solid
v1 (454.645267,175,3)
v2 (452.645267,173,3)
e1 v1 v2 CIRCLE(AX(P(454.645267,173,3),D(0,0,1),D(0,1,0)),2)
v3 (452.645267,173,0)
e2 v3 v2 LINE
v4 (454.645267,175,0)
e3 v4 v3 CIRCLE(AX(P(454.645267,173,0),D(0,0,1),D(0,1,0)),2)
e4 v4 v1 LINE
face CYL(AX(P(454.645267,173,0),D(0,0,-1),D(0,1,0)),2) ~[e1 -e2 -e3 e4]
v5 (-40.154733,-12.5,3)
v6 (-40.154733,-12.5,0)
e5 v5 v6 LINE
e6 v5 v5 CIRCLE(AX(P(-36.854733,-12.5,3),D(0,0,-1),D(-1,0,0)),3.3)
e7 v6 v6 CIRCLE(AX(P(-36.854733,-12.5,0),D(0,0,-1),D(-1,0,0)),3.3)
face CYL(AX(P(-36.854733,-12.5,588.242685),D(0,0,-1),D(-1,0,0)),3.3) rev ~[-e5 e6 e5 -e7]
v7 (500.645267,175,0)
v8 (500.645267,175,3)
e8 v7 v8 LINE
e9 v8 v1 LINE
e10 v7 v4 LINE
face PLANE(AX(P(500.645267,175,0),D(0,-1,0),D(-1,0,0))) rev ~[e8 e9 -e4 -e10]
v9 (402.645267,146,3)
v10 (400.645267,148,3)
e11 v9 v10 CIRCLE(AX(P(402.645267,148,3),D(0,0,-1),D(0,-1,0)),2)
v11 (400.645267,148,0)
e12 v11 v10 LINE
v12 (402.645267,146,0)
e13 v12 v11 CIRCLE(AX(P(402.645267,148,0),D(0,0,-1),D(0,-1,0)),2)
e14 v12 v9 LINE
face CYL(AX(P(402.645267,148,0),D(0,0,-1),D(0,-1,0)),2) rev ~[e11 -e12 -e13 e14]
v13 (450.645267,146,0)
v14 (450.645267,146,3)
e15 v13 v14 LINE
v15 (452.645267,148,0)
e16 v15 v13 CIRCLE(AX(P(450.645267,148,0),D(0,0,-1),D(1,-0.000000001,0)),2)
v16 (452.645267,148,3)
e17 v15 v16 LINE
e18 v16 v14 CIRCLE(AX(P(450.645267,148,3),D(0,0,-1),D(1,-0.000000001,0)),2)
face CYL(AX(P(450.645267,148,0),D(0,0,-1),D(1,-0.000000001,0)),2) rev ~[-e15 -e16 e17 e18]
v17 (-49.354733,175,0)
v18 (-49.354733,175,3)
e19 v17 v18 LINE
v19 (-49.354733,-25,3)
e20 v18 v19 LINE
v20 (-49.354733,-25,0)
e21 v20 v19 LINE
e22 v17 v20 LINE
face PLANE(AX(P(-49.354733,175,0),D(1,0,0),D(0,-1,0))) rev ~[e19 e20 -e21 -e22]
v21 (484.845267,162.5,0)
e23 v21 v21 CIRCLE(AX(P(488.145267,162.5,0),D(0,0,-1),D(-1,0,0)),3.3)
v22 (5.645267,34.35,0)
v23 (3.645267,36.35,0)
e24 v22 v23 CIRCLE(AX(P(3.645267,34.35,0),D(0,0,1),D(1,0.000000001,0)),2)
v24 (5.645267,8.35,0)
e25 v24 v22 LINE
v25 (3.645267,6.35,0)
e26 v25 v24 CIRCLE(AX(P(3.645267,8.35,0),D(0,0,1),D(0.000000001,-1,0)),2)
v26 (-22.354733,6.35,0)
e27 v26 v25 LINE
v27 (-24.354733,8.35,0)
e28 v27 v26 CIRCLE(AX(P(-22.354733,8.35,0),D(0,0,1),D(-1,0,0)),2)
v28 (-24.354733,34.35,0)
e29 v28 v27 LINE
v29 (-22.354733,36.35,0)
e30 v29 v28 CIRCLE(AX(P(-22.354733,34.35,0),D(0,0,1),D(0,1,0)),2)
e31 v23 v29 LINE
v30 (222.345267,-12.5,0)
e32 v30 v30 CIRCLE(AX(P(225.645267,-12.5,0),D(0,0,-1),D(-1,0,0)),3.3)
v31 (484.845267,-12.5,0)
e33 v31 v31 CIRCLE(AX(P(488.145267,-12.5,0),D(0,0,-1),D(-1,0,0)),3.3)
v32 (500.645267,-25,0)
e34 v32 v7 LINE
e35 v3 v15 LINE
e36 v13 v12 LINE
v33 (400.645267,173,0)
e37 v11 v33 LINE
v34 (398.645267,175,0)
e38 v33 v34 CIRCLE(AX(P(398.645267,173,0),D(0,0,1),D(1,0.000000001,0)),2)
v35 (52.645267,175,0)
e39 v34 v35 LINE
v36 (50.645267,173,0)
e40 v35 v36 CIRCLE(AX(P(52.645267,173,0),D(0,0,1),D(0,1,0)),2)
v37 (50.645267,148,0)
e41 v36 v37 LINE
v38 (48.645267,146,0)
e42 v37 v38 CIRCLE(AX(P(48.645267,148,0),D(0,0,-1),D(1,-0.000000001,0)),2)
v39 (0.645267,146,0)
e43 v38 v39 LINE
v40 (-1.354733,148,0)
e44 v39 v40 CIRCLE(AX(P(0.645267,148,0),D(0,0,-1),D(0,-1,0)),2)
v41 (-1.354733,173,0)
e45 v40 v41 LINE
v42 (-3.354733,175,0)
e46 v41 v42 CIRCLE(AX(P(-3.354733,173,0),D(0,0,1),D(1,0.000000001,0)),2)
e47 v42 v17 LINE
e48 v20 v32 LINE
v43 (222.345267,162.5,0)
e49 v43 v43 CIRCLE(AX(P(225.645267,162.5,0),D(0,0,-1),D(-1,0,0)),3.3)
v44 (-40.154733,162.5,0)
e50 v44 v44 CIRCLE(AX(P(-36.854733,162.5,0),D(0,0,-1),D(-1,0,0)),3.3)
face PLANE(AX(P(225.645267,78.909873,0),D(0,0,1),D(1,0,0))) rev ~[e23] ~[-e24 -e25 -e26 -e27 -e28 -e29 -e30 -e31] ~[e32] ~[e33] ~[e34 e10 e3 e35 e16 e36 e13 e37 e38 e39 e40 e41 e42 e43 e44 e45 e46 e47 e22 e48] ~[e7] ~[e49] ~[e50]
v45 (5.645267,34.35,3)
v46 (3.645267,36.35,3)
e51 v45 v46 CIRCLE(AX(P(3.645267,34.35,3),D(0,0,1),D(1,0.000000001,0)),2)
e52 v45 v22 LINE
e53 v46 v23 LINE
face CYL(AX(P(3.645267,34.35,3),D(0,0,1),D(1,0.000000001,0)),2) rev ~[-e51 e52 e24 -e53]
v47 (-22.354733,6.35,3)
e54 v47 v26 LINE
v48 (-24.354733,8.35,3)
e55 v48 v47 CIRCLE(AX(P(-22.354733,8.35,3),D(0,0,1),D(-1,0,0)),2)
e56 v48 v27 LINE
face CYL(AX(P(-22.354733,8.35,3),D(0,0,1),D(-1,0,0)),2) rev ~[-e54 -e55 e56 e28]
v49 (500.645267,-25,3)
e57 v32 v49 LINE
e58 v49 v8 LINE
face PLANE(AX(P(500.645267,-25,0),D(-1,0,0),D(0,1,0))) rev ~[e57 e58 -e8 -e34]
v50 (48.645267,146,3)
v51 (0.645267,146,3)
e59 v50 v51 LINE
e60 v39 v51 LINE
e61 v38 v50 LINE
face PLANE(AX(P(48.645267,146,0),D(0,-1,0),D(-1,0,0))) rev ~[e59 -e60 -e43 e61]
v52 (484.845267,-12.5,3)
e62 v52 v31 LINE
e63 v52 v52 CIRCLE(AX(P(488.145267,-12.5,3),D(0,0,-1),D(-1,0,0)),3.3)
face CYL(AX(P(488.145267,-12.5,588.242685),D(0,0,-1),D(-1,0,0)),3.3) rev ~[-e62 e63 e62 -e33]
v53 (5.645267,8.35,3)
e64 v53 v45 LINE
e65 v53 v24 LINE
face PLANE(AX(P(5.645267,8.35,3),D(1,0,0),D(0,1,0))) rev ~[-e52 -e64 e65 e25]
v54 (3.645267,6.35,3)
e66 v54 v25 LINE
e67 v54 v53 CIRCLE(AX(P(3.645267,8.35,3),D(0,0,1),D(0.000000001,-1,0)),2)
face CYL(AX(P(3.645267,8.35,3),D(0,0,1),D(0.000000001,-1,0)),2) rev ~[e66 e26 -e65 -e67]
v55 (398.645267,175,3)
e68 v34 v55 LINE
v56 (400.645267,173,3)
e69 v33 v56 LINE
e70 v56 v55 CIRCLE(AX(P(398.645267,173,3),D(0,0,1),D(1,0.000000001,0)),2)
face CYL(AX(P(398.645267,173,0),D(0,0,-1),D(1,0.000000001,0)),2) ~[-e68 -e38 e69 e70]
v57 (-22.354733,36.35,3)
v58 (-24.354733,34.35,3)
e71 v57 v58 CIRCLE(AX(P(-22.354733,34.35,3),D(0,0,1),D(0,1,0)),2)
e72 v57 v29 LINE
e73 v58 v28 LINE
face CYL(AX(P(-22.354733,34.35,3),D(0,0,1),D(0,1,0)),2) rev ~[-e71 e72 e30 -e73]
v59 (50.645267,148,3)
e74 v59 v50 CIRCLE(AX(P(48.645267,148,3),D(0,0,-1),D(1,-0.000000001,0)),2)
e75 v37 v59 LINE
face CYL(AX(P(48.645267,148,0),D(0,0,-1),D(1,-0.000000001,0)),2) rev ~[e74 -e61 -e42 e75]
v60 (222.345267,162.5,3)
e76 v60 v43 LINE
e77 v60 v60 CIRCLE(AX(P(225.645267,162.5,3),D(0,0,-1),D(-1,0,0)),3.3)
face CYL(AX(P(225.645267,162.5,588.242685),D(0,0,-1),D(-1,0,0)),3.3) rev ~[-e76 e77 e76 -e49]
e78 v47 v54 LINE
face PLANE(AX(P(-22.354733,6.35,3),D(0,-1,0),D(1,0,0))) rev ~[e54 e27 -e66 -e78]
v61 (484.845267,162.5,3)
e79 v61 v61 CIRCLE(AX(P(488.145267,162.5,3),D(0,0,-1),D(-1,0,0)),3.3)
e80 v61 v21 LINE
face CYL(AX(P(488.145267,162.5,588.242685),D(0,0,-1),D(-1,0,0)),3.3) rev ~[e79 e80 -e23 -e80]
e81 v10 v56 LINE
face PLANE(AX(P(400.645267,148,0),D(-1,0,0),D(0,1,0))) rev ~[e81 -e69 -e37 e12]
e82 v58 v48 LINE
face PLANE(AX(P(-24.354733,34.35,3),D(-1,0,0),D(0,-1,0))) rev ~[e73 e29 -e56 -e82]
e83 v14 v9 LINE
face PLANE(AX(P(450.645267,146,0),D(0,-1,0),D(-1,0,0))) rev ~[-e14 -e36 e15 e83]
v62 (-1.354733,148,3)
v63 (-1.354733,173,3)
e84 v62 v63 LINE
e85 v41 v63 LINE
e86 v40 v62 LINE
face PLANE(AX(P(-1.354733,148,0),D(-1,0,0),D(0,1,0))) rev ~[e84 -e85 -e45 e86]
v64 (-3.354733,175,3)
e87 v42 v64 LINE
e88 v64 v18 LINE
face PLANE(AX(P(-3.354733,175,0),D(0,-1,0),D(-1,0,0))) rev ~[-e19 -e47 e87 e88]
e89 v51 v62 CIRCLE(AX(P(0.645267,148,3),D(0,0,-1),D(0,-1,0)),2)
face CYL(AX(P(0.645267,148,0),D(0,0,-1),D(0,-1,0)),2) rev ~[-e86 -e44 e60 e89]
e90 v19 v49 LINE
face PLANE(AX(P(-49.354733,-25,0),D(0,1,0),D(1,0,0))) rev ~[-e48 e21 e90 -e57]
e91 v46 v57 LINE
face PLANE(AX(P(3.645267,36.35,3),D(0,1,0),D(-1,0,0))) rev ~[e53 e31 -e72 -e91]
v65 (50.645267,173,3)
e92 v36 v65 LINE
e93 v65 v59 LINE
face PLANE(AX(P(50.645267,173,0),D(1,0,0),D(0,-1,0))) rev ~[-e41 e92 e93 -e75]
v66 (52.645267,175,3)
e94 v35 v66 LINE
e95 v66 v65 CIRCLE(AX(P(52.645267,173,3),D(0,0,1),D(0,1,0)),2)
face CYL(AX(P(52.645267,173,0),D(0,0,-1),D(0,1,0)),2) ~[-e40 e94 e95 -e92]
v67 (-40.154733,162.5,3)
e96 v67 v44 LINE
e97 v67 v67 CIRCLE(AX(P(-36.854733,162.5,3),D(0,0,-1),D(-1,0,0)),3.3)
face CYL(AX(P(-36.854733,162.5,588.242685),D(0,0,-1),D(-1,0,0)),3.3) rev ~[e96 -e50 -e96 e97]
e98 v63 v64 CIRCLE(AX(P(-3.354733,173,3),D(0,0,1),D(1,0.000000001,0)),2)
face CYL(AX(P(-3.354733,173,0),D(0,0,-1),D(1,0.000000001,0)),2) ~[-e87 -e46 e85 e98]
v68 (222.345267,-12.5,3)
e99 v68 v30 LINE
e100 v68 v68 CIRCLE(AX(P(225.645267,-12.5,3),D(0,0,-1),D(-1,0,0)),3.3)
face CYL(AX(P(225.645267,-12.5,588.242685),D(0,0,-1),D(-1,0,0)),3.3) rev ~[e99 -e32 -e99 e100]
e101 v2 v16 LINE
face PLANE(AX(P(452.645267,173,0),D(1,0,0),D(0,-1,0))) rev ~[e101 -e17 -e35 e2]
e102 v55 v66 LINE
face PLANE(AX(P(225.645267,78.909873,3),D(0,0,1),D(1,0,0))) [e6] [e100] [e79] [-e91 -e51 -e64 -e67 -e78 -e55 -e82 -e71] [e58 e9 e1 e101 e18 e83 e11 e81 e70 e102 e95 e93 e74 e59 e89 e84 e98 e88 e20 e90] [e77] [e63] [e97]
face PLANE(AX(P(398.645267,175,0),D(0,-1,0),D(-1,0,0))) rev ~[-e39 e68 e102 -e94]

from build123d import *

# Parameters (mm, degrees)
BOSS_EXTRUDE1_DEPTH  = 3
M6_CLEARANCE_HOLE1_D = 6.6
CUT_EXTRUDE1_DEPTH   = 531.358070854


with BuildPart() as part:
    # Sketch1 → Boss-Extrude1 (new body)
    with BuildSketch(Plane.XY):
        with BuildLine():
            Line((-49.354733049, -25), (500.645266951, -25))
            Line((500.645266951, -25), (500.645266951, 175))
            Line((500.645266951, 175), (454.645266951, 175))
            ThreePointArc((454.645266951, 175), (453.231053388, 174.414213562), (452.645266951, 173))
            Line((452.645266951, 173), (452.645266951, 148))
            ThreePointArc((452.645266951, 148), (452.059480513, 146.585786438), (450.645266951, 146))
            Line((450.645266951, 146), (402.645266951, 146))
            ThreePointArc((402.645266951, 146), (401.231053388, 146.585786438), (400.645266951, 148))
            Line((400.645266951, 148), (400.645266951, 173))
            ThreePointArc((400.645266951, 173), (400.059480513, 174.414213562), (398.645266951, 175))
            Line((398.645266951, 175), (52.645266951, 175))
            ThreePointArc((52.645266951, 175), (51.231053388, 174.414213562), (50.645266951, 173))
            Line((50.645266951, 173), (50.645266951, 148))
            ThreePointArc((50.645266951, 148), (50.059480513, 146.585786438), (48.645266951, 146))
            Line((48.645266951, 146), (0.645266951, 146))
            ThreePointArc((0.645266951, 146), (-0.768946612, 146.585786438), (-1.354733049, 148))
            Line((-1.354733049, 148), (-1.354733049, 173))
            ThreePointArc((-1.354733049, 173), (-1.940519487, 174.414213562), (-3.354733049, 175))
            Line((-3.354733049, 175), (-49.354733049, 175))
            Line((-49.354733049, 175), (-49.354733049, -25))
        make_face()
    extrude(amount=BOSS_EXTRUDE1_DEPTH)

    # M6 Clearance Hole1 (through all)
    with Locations(Plane.XY.offset(3)):
        with Locations((225.645266951, -12.5), (225.645266951, 162.5), (488.145266951, -12.5), (488.145266951, 162.5), (-36.854733049, 162.5), (-36.854733049, -12.5)):
            Hole(M6_CLEARANCE_HOLE1_D / 2)

    # Sketch4 → Cut-Extrude1 (cut, through all)
    with BuildSketch(Plane.XY.offset(3)):
        with BuildLine():
            Line((-22.354733049, 6.35), (3.645266951, 6.35))
            ThreePointArc((3.645266951, 6.35), (5.059480513, 6.935786438), (5.645266951, 8.35))
            Line((5.645266951, 8.35), (5.645266951, 34.35))
            ThreePointArc((5.645266951, 34.35), (5.059480513, 35.764213562), (3.645266951, 36.35))
            Line((3.645266951, 36.35), (-22.354733049, 36.35))
            ThreePointArc((-22.354733049, 36.35), (-23.768946612, 35.764213562), (-24.354733049, 34.35))
            Line((-24.354733049, 34.35), (-24.354733049, 8.35))
            ThreePointArc((-24.354733049, 8.35), (-23.768946612, 6.935786438), (-22.354733049, 6.35))
        make_face()
    extrude(amount=-CUT_EXTRUDE1_DEPTH, mode=Mode.SUBTRACT)


solid = part.part
